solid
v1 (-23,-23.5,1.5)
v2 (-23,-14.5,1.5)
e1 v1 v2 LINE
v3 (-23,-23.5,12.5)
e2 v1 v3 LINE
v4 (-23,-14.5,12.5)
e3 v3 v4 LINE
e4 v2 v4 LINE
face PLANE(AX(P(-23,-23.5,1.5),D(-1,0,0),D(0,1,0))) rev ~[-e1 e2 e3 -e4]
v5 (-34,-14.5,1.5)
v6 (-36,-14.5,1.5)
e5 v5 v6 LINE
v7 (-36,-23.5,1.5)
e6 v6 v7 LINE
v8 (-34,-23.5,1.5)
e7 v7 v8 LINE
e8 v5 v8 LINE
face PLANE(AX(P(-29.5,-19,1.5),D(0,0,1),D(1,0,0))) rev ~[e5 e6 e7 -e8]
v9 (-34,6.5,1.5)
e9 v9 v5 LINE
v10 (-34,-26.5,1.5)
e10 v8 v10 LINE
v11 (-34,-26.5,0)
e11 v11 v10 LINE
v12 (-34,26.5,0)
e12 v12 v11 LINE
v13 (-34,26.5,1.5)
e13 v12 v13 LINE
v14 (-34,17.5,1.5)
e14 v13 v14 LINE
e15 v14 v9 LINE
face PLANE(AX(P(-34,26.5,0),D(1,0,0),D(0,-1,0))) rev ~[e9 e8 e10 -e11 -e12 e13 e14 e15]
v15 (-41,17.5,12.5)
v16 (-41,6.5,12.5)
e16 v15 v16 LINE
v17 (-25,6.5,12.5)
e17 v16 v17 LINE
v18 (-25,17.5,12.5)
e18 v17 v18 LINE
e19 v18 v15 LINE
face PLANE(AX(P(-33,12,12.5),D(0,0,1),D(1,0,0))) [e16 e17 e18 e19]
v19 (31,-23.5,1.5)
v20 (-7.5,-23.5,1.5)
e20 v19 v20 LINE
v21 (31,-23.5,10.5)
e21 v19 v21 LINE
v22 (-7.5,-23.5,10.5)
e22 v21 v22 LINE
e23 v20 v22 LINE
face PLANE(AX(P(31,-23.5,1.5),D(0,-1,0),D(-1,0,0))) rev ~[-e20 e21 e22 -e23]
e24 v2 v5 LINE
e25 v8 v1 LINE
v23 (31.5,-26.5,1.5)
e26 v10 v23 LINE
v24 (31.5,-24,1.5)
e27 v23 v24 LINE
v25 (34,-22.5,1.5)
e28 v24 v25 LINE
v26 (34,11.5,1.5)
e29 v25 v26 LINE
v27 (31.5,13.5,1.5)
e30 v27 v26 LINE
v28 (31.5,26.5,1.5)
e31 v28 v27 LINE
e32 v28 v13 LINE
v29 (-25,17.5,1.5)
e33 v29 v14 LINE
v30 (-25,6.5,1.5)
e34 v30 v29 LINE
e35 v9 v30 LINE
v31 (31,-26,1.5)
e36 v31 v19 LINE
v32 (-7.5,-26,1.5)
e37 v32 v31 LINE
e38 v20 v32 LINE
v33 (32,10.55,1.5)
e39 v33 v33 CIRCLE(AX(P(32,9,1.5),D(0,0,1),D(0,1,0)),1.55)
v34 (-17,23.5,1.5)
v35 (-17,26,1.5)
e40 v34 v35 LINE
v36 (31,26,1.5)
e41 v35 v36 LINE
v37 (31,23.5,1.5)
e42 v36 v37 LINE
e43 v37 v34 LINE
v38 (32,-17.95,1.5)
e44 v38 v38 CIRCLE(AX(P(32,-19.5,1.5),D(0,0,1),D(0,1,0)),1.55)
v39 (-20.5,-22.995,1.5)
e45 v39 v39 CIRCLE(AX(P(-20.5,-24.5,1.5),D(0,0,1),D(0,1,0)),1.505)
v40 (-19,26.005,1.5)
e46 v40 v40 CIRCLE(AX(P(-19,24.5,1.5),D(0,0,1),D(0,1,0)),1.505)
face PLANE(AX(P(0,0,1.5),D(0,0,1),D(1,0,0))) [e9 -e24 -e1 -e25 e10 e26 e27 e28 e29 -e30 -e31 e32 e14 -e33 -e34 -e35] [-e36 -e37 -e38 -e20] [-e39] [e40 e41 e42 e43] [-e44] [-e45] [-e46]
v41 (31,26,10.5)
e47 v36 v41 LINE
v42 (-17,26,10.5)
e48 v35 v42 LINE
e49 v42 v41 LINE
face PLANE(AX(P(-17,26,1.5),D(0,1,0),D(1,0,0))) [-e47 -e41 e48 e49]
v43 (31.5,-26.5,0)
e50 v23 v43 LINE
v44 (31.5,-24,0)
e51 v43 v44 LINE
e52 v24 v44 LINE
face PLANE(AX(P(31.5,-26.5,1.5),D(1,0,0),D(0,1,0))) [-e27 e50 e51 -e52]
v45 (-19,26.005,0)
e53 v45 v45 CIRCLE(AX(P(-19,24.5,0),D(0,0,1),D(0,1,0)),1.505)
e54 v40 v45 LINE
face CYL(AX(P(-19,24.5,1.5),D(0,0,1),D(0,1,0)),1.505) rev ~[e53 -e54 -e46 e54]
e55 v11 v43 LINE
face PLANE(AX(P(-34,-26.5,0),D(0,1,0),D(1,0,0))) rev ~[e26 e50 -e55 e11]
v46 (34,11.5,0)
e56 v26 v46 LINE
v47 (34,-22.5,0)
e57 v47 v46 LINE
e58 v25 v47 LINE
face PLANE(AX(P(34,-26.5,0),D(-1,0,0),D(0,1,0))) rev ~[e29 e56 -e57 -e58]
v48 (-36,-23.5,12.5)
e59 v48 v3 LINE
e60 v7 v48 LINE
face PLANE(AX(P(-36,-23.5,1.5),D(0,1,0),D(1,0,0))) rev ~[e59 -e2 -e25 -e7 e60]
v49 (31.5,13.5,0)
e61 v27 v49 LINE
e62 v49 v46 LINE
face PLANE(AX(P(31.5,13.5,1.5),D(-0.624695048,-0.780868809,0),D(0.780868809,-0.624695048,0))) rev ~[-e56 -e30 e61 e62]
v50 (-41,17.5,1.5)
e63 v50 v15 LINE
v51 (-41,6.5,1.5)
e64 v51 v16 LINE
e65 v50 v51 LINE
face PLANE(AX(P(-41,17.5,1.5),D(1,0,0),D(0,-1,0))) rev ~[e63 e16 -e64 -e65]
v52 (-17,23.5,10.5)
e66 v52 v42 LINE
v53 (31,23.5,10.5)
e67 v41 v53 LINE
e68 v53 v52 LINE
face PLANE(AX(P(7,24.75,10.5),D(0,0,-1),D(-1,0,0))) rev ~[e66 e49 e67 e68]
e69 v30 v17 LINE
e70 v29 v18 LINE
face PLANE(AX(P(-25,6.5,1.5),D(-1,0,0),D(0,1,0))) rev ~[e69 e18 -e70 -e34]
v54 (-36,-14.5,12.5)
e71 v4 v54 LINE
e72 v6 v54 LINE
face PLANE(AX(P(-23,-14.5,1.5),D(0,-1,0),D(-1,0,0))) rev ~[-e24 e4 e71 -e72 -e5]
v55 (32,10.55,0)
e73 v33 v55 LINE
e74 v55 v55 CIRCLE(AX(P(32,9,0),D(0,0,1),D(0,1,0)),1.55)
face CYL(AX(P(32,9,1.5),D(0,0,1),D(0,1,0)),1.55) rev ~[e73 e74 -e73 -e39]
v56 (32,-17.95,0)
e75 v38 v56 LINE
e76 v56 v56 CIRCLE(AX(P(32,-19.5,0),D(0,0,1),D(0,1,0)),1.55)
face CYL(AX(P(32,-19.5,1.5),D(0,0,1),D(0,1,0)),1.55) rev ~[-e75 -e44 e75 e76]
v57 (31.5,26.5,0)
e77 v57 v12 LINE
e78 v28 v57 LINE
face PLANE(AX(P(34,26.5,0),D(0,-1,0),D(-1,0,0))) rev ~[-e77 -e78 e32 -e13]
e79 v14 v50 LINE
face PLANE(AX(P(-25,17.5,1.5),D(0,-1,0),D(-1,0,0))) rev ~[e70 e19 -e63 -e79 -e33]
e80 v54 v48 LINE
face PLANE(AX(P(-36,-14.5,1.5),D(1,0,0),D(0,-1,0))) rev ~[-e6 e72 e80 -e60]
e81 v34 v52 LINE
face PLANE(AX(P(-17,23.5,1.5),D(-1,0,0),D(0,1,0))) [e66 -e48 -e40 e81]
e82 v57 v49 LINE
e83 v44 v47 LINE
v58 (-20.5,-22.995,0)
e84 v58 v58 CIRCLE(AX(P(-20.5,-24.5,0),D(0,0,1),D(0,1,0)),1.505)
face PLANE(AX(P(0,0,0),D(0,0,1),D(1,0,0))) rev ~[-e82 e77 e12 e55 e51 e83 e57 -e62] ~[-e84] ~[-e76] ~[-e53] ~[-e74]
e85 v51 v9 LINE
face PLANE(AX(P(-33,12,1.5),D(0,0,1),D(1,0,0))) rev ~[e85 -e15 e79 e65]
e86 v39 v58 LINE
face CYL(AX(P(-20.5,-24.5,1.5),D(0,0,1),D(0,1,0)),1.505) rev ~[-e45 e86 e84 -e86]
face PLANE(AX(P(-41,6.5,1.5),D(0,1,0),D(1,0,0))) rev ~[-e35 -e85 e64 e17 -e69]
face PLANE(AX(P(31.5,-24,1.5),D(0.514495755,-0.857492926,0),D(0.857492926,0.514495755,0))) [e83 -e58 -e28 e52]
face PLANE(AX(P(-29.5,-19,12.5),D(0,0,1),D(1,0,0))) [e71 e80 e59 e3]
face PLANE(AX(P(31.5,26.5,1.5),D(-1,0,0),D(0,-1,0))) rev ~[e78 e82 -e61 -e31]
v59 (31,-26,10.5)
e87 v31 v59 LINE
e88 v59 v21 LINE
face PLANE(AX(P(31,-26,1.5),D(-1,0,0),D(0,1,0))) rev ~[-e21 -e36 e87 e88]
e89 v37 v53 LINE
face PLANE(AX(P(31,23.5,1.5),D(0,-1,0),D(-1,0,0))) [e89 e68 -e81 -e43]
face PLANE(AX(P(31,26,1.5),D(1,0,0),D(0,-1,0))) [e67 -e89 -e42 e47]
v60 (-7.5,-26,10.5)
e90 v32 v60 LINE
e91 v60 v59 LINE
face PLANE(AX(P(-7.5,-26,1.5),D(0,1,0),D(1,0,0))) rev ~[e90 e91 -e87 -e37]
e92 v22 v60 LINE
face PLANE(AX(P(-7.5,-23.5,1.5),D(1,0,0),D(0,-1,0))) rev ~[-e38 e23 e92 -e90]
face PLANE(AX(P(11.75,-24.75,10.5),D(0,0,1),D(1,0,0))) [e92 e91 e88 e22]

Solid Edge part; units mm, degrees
sketch "Sketch1" plane through (0, 0, 0) normal (0, 0, 1) x (1, 0, 0)
  line L0 (-34, -26.5) -> (34, -26.5)
  line L1 (34, -26.5) -> (34, 26.5)
  line L2 (34, 26.5) -> (-34, 26.5)
  line L3 (-34, 26.5) -> (-34, -26.5)
  dimension "D1" = 53
  dimension "D2" = 68
extrude "Ajout_matière_1" add sketch "Sketch1" along normal blind 1.5
sketch "Sketch2" plane through (0, 0, 1.5) normal (0, 0, 1) x (0, 1, 0)
  line L0 (26.5, -34) -> (26.5, -31.5)
  line L1 (26.5, -31.5) -> (13.5, -31.5)
  line L2 (13.5, -31.5) -> (11.5, -34)
  line L3 (11.5, -34) -> (26.5, -34)
  line L4 (-26.5, -34) -> (-26.5, -31.5)
  line L5 (-26.5, -31.5) -> (-24, -31.5)
  line L6 (-24, -31.5) -> (-22.5, -34)
  line L7 (-22.5, -34) -> (-26.5, -34)
  dimension "D1" = 2.5
  dimension "D2" = 13
  dimension "D3" = 15
  dimension "D4" = 2.5
  dimension "D5" = 2.5
  dimension "D6" = 4
extrude "Cutout1" cut sketch "Sketch2" against normal through all
sketch "Sketch3" plane through (0, 0, 1.5) normal (0, 0, 1) x (0, 1, 0)
  circle A0 centre (-19.5, -32) radius 1.55
  circle A1 centre (-24.5, 20.5) radius 1.505
  circle A2 centre (9, -32) radius 1.55
  circle A3 centre (24.5, 19) radius 1.505
  dimension "D1" = 3.1
  dimension "D2" = 66
  dimension "D3" = 7
  dimension "D4" = 3.01
  dimension "D5" = 13.5
  dimension "D6" = 2
  dimension "D7" = 3.1
  dimension "D8" = 17.5
  dimension "D9" = 2
  dimension "D10" = 3.01
  dimension "D11" = 15
  dimension "D12" = 2
extrude "Cutout2" cut sketch "Sketch3" against normal through all
sketch "Sketch4" plane through (0, 0, 1.5) normal (0, 0, 1) x (0, 1, 0)
  line L0 (-23.5, 23) -> (-14.5, 23)
  line L1 (-14.5, 23) -> (-14.5, 36)
  line L2 (-14.5, 36) -> (-23.5, 36)
  line L3 (-23.5, 36) -> (-23.5, 23)
  dimension "D1" = 13
  dimension "D2" = 9
  dimension "D3" = 11
  dimension "D4" = 3
extrude "Ajout_matière_2" add sketch "Sketch4" along normal blind 11
sketch "Sketch5" plane through (0, 0, 1.5) normal (0, 0, 1) x (0, 1, 0)
  line L0 (6.5, 25) -> (17.5, 25)
  line L1 (17.5, 25) -> (17.5, 41)
  line L2 (17.5, 41) -> (6.5, 41)
  line L3 (6.5, 41) -> (6.5, 25)
  dimension "D1" = 11
  dimension "D2" = 16
  dimension "D3" = 9
  dimension "D4" = 7
extrude "Ajout_matière_3" add sketch "Sketch5" along normal blind 11
sketch "Sketch6" plane through (0, 0, 1.5) normal (0, 0, 1) x (0, 1, 0)
  line L0 (-26, -31) -> (-23.5, -31)
  line L1 (-23.5, -31) -> (-23.5, 7.5)
  line L2 (-23.5, 7.5) -> (-26, 7.5)
  line L3 (-26, 7.5) -> (-26, -31)
  line L4 (23.5, 17) -> (26, 17)
  line L5 (26, 17) -> (26, -31)
  line L6 (26, -31) -> (23.5, -31)
  line L7 (23.5, -31) -> (23.5, 17)
  dimension "D1" = 26
  dimension "D2" = 26
  dimension "D3" = 23.5
  dimension "D4" = 23.5
extrude "Ajout_matière_4" add sketch "Sketch6" along normal blind 9
properties material "Acier S235"
